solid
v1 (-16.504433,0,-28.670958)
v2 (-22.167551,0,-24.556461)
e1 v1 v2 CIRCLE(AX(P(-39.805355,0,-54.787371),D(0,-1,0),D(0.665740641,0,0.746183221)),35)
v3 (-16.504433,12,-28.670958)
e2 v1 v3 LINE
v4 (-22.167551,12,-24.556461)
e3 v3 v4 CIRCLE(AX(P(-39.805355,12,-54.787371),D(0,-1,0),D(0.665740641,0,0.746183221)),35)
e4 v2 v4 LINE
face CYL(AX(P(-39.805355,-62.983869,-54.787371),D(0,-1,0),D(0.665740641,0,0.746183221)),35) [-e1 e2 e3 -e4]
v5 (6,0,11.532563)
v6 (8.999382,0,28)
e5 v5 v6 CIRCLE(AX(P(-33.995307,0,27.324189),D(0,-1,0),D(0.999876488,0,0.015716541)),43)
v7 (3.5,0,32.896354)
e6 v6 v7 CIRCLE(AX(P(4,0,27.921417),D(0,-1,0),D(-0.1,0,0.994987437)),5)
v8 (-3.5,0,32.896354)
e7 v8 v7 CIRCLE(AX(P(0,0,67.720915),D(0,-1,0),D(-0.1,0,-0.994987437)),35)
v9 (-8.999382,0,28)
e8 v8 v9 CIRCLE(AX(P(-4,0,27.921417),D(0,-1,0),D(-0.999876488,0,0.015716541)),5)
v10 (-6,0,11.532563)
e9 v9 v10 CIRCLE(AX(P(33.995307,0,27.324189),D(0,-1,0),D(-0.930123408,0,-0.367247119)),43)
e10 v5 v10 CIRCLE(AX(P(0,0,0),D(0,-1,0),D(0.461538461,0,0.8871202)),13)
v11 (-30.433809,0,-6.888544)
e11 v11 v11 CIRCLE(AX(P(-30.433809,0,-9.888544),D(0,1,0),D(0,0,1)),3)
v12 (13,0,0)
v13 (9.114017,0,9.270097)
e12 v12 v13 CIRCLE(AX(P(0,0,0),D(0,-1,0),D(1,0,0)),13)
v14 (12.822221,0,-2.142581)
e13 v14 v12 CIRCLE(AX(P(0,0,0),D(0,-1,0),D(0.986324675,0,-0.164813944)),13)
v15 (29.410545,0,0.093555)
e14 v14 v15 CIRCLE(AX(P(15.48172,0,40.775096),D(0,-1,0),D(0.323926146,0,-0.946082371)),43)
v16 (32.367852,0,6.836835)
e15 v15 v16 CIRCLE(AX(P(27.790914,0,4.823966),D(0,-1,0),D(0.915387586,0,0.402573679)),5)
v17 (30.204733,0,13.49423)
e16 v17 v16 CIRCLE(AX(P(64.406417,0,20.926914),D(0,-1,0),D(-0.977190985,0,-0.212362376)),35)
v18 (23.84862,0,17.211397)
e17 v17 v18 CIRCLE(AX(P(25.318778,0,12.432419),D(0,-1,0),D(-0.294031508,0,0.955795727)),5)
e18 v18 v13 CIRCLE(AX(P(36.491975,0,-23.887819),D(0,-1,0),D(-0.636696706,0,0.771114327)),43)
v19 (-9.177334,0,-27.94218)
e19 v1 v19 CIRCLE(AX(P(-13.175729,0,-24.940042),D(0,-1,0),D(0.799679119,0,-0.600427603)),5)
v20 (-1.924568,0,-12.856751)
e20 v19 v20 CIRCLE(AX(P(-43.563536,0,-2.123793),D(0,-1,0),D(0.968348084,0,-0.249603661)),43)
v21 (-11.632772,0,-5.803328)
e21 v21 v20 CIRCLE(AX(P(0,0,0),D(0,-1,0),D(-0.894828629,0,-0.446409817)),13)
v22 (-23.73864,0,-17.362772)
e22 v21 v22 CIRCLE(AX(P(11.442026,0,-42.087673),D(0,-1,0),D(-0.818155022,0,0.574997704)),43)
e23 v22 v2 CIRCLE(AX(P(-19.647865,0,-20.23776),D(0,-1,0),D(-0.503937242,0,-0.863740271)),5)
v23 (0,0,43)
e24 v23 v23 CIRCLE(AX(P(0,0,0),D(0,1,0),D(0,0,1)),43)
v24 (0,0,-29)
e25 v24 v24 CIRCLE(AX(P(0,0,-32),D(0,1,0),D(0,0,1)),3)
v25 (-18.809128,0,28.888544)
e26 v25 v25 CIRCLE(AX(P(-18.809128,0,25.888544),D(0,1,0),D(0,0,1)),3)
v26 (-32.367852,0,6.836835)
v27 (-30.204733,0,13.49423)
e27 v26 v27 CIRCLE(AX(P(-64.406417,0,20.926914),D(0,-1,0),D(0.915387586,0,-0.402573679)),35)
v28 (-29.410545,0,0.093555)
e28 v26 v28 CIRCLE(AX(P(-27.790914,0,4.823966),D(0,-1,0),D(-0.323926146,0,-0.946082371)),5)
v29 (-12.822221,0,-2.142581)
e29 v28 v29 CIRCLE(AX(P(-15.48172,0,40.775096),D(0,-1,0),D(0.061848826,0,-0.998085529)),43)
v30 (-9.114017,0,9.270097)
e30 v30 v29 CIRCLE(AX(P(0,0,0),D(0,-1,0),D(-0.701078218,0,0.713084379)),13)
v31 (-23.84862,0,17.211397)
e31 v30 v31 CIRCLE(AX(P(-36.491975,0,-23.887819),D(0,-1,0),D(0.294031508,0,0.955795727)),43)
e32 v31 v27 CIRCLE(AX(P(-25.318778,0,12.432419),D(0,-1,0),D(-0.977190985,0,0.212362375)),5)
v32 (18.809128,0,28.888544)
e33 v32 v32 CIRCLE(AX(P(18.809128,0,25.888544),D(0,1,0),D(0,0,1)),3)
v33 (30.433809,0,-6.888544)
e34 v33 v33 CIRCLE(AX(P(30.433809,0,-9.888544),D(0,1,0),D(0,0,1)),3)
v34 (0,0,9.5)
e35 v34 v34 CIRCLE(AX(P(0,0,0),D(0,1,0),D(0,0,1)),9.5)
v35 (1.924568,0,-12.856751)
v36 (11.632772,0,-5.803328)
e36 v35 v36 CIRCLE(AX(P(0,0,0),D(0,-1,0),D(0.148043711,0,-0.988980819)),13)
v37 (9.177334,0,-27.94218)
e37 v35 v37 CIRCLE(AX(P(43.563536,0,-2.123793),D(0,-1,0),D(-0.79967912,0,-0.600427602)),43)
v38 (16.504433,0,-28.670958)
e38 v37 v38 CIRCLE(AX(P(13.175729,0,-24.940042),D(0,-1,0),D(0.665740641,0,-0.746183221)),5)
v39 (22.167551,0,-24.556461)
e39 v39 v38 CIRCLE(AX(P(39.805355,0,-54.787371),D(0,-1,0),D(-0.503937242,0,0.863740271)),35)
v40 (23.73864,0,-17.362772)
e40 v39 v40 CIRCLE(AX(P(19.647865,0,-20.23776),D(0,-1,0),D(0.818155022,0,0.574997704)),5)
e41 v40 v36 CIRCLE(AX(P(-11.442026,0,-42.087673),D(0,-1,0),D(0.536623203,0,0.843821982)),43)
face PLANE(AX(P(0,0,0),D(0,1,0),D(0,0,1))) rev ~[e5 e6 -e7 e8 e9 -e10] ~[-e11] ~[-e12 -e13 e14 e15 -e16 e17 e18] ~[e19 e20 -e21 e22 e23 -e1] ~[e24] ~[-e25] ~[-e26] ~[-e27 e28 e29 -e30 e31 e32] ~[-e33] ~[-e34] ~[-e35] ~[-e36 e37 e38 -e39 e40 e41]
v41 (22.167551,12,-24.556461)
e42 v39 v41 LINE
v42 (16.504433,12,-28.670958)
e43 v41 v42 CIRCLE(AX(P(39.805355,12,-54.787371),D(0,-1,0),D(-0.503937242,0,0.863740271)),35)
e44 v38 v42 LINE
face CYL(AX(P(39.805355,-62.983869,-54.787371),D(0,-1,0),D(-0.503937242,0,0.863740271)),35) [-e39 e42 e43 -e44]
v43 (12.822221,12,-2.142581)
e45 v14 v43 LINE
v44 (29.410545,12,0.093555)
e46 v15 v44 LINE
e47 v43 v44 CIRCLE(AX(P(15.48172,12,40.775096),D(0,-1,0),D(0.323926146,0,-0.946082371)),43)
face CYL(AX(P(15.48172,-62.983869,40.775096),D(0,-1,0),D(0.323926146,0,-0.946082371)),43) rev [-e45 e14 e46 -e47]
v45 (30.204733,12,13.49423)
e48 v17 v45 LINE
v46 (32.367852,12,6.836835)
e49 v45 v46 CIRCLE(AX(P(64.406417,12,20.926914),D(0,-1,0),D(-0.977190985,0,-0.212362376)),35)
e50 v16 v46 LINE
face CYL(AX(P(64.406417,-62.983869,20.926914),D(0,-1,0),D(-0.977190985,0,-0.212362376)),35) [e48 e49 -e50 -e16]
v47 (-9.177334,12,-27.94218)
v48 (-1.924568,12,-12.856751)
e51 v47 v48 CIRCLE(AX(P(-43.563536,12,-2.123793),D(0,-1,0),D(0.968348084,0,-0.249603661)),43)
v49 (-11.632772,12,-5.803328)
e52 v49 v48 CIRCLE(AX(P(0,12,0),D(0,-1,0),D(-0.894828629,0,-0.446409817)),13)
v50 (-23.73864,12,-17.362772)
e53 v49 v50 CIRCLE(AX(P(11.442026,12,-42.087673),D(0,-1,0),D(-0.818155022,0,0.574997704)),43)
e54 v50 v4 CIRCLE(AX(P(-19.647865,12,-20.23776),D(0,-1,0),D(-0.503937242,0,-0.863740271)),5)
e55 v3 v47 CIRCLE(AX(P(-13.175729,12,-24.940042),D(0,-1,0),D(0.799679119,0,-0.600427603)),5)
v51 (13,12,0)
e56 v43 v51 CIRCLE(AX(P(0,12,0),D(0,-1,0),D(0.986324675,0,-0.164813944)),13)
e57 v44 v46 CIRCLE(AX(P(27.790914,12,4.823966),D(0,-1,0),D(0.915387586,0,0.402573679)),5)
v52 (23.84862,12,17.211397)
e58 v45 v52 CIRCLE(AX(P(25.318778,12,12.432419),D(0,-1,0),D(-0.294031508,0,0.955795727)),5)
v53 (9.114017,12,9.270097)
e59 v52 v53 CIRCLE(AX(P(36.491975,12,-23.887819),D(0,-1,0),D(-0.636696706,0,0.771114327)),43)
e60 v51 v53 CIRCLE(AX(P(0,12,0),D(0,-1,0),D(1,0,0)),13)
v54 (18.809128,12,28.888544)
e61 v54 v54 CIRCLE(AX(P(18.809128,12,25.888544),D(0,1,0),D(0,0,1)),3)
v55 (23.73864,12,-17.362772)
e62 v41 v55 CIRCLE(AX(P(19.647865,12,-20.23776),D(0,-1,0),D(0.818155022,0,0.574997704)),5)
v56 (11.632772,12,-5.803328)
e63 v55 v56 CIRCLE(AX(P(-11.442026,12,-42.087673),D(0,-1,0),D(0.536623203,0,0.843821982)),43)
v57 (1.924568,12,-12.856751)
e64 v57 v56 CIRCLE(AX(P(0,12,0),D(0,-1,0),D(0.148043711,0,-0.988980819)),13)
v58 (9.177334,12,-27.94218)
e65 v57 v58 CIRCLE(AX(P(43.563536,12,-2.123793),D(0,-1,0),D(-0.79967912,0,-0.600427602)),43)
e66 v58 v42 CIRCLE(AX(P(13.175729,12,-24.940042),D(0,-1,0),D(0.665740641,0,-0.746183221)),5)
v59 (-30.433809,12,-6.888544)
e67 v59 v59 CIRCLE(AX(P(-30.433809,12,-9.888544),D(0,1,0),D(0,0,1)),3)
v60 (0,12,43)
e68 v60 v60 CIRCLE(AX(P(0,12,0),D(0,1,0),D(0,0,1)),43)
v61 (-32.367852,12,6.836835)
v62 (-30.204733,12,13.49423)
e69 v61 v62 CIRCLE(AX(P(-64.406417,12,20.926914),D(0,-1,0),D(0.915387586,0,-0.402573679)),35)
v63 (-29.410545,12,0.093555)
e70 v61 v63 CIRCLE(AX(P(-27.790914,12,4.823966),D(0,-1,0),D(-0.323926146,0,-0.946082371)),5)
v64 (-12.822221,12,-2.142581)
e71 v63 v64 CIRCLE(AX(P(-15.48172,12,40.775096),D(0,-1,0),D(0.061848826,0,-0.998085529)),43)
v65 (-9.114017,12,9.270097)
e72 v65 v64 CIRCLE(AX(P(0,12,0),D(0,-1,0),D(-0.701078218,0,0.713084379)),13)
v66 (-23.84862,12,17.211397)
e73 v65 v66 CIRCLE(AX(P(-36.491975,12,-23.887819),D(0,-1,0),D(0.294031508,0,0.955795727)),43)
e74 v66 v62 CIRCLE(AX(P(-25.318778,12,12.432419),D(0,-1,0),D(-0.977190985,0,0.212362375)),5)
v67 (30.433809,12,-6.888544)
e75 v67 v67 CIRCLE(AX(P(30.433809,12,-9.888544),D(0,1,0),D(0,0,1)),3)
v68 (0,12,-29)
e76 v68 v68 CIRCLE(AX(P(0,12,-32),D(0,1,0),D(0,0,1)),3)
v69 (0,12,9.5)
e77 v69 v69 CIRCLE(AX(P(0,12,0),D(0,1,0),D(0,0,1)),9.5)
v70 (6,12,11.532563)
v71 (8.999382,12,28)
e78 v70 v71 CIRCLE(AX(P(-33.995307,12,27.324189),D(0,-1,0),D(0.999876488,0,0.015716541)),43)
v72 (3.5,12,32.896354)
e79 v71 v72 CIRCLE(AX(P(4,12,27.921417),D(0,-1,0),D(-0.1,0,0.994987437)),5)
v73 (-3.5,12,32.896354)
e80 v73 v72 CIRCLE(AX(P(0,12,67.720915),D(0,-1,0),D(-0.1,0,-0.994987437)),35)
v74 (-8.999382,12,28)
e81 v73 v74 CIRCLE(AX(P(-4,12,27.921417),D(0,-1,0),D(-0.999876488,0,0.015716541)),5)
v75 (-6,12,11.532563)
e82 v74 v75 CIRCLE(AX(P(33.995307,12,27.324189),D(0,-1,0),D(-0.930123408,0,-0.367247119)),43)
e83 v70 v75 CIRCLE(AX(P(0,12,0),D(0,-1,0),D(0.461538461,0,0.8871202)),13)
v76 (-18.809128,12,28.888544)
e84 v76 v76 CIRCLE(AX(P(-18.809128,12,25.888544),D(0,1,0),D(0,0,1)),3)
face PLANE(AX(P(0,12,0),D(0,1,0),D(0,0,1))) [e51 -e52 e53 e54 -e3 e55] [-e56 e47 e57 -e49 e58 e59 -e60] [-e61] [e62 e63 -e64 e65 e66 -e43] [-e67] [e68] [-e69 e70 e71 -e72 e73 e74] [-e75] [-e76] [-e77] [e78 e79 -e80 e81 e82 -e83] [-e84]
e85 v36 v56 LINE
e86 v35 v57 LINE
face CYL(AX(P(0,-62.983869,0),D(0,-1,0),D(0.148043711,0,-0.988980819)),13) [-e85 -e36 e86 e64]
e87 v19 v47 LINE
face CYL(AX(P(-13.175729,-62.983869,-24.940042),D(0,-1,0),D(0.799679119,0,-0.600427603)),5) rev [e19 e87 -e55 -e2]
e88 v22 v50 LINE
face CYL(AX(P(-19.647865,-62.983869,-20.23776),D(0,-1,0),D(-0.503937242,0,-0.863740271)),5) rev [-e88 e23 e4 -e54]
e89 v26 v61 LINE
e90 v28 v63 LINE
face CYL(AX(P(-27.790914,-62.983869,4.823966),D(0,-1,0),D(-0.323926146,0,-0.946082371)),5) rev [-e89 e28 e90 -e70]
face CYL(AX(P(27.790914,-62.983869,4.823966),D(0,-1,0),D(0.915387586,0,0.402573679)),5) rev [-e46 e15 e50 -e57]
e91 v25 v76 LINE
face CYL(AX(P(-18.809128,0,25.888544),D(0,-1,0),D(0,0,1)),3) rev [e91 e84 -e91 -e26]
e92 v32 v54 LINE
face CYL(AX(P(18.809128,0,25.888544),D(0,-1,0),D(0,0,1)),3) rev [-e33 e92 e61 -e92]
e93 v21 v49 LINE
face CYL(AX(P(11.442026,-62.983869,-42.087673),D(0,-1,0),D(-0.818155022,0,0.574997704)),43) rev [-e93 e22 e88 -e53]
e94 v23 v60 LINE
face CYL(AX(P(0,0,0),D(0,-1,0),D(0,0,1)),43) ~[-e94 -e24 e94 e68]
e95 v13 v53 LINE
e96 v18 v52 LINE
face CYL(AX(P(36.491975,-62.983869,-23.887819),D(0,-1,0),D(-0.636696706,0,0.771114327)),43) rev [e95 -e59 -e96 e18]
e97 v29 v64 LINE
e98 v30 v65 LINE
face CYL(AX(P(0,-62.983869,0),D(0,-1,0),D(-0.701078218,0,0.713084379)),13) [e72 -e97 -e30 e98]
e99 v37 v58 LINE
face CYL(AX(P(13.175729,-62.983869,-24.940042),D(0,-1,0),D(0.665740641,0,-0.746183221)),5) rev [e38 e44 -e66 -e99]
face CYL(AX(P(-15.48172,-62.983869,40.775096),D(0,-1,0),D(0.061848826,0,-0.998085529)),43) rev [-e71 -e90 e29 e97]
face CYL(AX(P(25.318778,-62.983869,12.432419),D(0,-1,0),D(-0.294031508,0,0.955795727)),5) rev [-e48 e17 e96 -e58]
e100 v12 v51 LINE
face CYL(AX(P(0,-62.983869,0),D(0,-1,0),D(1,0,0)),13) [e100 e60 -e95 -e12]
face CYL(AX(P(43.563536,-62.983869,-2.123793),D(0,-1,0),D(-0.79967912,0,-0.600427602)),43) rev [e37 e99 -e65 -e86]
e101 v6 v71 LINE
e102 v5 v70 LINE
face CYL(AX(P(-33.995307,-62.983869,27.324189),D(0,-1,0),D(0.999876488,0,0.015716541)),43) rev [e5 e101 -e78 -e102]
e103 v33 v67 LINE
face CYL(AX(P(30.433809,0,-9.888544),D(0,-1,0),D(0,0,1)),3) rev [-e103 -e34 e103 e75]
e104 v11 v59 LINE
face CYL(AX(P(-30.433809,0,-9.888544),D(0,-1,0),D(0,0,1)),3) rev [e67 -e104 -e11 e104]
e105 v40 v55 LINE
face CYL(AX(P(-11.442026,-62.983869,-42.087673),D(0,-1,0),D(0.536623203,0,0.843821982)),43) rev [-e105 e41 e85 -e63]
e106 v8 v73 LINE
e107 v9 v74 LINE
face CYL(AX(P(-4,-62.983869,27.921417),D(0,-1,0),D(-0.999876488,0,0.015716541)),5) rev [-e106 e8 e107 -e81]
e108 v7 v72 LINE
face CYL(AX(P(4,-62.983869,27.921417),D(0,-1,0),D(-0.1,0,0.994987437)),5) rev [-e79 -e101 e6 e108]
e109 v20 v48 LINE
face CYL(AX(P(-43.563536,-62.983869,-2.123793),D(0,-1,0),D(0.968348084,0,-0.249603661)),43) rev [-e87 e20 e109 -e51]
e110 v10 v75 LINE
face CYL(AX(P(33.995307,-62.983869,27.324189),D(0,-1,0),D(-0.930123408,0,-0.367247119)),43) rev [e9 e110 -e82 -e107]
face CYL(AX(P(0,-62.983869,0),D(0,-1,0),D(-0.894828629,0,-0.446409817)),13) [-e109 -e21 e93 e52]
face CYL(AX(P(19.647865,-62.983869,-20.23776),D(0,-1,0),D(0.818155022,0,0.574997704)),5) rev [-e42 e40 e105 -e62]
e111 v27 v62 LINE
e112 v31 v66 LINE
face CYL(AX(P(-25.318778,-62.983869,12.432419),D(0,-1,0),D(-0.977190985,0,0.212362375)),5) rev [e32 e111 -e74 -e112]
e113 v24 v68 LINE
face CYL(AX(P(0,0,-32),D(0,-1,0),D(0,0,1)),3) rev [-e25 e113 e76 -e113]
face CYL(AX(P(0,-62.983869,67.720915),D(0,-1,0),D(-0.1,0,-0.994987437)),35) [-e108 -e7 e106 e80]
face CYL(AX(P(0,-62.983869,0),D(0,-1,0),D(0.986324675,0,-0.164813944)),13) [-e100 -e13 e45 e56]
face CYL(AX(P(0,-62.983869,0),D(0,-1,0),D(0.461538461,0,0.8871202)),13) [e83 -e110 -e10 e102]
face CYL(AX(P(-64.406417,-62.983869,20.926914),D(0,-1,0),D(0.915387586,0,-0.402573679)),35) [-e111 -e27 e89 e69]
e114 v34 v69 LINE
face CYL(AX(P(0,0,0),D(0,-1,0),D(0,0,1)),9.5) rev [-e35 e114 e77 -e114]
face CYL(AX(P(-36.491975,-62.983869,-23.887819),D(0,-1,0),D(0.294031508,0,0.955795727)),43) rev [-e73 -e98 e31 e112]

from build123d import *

# Parameters (mm, degrees)
SKETCH_1_R               = 43
SKETCH_1_R_2             = 9.5
SKETCH_1_R_3             = 3
EXTRUDE_1_DEPTH          = 12
CUT_EXTRUDE_1_DEPTH      = 62.983868869
CUT_EXTRUDE_1_DEPTH_BACK = 62.983868869


with BuildPart() as part:
    # 草图1 → 凸台-拉伸1 (new body)
    with BuildSketch(Plane(origin=(0, 0, 0), x_dir=(1, 0, 0), z_dir=(0, 1, 0))):
        with Locations(Location((0, 0, 0), (0, 0, 270))):
            Circle(SKETCH_1_R)
        with Locations(Location((0, 0, 0), (0, 0, 270))):
            Circle(SKETCH_1_R_2, mode=Mode.SUBTRACT)
        with Locations(Location((0, 32, 0), (0, 0, 270))):
            Circle(SKETCH_1_R_3, mode=Mode.SUBTRACT)
        with Locations(Location((30.433808521, 9.88854382, 0), (0, 0, 270))):
            Circle(SKETCH_1_R_3, mode=Mode.SUBTRACT)
        with Locations(Location((18.809128073, -25.88854382, 0), (0, 0, 270))):
            Circle(SKETCH_1_R_3, mode=Mode.SUBTRACT)
        with Locations(Location((-18.809128073, -25.88854382, 0), (0, 0, 270))):
            Circle(SKETCH_1_R_3, mode=Mode.SUBTRACT)
        with Locations(Location((-30.433808521, 9.88854382, 0), (0, 0, 270))):
            Circle(SKETCH_1_R_3, mode=Mode.SUBTRACT)
    extrude(amount=EXTRUDE_1_DEPTH)

    # 草图2 → 切除-拉伸1 (cut, two sides: drawn at the far end of the back side and taken through both)
    with BuildSketch(Plane(origin=(0, 0, 0), x_dir=(1, 0, 0), z_dir=(0, 1, 0)).offset(-CUT_EXTRUDE_1_DEPTH_BACK)):
        with BuildLine():
            ThreePointArc((-23.848620344, -17.211397152), (-16.091180112, -13.964625454), (-9.114016839, -9.270096928))
            ThreePointArc((-9.114016839, -9.270096928), (-12.363734712, -4.017220927), (-12.822220771, 2.142581267))
            ThreePointArc((-12.822220771, 2.142581267), (-21.226239066, 1.839460951), (-29.410544568, -0.093554533))
            ThreePointArc((-29.410544568, -0.093554533), (-32.369922784, -2.815813731), (-32.36785177, -6.83683478))
            ThreePointArc((-32.36785177, -6.83683478), (-31.119439219, -10.111318738), (-30.204732809, -13.494230394))
            ThreePointArc((-30.204732809, -13.494230394), (-27.842911423, -16.748522069), (-23.848620344, -17.211397152))
        make_face()
        with BuildLine():
            ThreePointArc((8.999382438, -28), (8.308699922, -19.618928286), (6, -11.532562595))
            ThreePointArc((6, -11.532562595), (0, -13), (-6, -11.532562595))
            ThreePointArc((-6, -11.532562595), (-8.308699922, -19.618928286), (-8.999382438, -28))
            ThreePointArc((-8.999382438, -28), (-7.324858249, -31.655760291), (-3.5, -32.896354479))
            ThreePointArc((-3.5, -32.896354479), (0, -32.720914778), (3.5, -32.896354479))
            ThreePointArc((3.5, -32.896354479), (7.324858249, -31.655760291), (8.999382438, -28))
        make_face()
        with BuildLine():
            ThreePointArc((12.822220771, 2.142581267), (12.955478957, 1.074972086), (13, 0))
            ThreePointArc((13, 0), (11.989208041, -5.025822375), (9.114016839, -9.270096928))
            ThreePointArc((9.114016839, -9.270096928), (16.091180112, -13.964625454), (23.848620344, -17.211397152))
            ThreePointArc((23.848620344, -17.211397152), (27.842911423, -16.748522069), (30.204732809, -13.494230394))
            ThreePointArc((30.204732809, -13.494230394), (31.119439219, -10.111318738), (32.36785177, -6.83683478))
            ThreePointArc((32.36785177, -6.83683478), (32.369922784, -2.815813731), (29.410544568, -0.093554533))
            ThreePointArc((29.410544568, -0.093554533), (21.226239066, 1.839460951), (12.822220771, 2.142581267))
        make_face()
        with BuildLine():
            ThreePointArc((1.924568248, 12.856750642), (7.64120828, 10.517220927), (11.632772181, 5.803327614))
            ThreePointArc((11.632772181, 5.803327614), (18.25359615, 10.988315115), (23.738640395, 17.362771566))
            ThreePointArc((23.738640395, 17.362771566), (24.532723854, 21.304604391), (22.167551497, 24.556461444))
            ThreePointArc((22.167551497, 24.556461444), (19.232871148, 26.471776127), (16.504432537, 28.67095821))
            ThreePointArc((16.504432537, 28.67095821), (12.680854244, 29.915491699), (9.177333733, 27.942180119))
            ThreePointArc((9.177333733, 27.942180119), (4.809837274, 20.755777674), (1.924568248, 12.856750642))
        make_face()
        with BuildLine():
            ThreePointArc((-11.632772181, 5.803327614), (-7.64120828, 10.517220927), (-1.924568248, 12.856750642))
            ThreePointArc((-1.924568248, 12.856750642), (-4.809837274, 20.755777674), (-9.177333733, 27.942180119))
            ThreePointArc((-9.177333733, 27.942180119), (-12.680854244, 29.915491699), (-16.504432537, 28.67095821))
            ThreePointArc((-16.504432537, 28.67095821), (-19.232871148, 26.471776127), (-22.167551497, 24.556461444))
            ThreePointArc((-22.167551497, 24.556461444), (-24.532723854, 21.304604391), (-23.738640395, 17.362771566))
            ThreePointArc((-23.738640395, 17.362771566), (-18.25359615, 10.988315115), (-11.632772181, 5.803327614))
        make_face()
    extrude(amount=CUT_EXTRUDE_1_DEPTH + CUT_EXTRUDE_1_DEPTH_BACK, mode=Mode.SUBTRACT)


solid = part.part
